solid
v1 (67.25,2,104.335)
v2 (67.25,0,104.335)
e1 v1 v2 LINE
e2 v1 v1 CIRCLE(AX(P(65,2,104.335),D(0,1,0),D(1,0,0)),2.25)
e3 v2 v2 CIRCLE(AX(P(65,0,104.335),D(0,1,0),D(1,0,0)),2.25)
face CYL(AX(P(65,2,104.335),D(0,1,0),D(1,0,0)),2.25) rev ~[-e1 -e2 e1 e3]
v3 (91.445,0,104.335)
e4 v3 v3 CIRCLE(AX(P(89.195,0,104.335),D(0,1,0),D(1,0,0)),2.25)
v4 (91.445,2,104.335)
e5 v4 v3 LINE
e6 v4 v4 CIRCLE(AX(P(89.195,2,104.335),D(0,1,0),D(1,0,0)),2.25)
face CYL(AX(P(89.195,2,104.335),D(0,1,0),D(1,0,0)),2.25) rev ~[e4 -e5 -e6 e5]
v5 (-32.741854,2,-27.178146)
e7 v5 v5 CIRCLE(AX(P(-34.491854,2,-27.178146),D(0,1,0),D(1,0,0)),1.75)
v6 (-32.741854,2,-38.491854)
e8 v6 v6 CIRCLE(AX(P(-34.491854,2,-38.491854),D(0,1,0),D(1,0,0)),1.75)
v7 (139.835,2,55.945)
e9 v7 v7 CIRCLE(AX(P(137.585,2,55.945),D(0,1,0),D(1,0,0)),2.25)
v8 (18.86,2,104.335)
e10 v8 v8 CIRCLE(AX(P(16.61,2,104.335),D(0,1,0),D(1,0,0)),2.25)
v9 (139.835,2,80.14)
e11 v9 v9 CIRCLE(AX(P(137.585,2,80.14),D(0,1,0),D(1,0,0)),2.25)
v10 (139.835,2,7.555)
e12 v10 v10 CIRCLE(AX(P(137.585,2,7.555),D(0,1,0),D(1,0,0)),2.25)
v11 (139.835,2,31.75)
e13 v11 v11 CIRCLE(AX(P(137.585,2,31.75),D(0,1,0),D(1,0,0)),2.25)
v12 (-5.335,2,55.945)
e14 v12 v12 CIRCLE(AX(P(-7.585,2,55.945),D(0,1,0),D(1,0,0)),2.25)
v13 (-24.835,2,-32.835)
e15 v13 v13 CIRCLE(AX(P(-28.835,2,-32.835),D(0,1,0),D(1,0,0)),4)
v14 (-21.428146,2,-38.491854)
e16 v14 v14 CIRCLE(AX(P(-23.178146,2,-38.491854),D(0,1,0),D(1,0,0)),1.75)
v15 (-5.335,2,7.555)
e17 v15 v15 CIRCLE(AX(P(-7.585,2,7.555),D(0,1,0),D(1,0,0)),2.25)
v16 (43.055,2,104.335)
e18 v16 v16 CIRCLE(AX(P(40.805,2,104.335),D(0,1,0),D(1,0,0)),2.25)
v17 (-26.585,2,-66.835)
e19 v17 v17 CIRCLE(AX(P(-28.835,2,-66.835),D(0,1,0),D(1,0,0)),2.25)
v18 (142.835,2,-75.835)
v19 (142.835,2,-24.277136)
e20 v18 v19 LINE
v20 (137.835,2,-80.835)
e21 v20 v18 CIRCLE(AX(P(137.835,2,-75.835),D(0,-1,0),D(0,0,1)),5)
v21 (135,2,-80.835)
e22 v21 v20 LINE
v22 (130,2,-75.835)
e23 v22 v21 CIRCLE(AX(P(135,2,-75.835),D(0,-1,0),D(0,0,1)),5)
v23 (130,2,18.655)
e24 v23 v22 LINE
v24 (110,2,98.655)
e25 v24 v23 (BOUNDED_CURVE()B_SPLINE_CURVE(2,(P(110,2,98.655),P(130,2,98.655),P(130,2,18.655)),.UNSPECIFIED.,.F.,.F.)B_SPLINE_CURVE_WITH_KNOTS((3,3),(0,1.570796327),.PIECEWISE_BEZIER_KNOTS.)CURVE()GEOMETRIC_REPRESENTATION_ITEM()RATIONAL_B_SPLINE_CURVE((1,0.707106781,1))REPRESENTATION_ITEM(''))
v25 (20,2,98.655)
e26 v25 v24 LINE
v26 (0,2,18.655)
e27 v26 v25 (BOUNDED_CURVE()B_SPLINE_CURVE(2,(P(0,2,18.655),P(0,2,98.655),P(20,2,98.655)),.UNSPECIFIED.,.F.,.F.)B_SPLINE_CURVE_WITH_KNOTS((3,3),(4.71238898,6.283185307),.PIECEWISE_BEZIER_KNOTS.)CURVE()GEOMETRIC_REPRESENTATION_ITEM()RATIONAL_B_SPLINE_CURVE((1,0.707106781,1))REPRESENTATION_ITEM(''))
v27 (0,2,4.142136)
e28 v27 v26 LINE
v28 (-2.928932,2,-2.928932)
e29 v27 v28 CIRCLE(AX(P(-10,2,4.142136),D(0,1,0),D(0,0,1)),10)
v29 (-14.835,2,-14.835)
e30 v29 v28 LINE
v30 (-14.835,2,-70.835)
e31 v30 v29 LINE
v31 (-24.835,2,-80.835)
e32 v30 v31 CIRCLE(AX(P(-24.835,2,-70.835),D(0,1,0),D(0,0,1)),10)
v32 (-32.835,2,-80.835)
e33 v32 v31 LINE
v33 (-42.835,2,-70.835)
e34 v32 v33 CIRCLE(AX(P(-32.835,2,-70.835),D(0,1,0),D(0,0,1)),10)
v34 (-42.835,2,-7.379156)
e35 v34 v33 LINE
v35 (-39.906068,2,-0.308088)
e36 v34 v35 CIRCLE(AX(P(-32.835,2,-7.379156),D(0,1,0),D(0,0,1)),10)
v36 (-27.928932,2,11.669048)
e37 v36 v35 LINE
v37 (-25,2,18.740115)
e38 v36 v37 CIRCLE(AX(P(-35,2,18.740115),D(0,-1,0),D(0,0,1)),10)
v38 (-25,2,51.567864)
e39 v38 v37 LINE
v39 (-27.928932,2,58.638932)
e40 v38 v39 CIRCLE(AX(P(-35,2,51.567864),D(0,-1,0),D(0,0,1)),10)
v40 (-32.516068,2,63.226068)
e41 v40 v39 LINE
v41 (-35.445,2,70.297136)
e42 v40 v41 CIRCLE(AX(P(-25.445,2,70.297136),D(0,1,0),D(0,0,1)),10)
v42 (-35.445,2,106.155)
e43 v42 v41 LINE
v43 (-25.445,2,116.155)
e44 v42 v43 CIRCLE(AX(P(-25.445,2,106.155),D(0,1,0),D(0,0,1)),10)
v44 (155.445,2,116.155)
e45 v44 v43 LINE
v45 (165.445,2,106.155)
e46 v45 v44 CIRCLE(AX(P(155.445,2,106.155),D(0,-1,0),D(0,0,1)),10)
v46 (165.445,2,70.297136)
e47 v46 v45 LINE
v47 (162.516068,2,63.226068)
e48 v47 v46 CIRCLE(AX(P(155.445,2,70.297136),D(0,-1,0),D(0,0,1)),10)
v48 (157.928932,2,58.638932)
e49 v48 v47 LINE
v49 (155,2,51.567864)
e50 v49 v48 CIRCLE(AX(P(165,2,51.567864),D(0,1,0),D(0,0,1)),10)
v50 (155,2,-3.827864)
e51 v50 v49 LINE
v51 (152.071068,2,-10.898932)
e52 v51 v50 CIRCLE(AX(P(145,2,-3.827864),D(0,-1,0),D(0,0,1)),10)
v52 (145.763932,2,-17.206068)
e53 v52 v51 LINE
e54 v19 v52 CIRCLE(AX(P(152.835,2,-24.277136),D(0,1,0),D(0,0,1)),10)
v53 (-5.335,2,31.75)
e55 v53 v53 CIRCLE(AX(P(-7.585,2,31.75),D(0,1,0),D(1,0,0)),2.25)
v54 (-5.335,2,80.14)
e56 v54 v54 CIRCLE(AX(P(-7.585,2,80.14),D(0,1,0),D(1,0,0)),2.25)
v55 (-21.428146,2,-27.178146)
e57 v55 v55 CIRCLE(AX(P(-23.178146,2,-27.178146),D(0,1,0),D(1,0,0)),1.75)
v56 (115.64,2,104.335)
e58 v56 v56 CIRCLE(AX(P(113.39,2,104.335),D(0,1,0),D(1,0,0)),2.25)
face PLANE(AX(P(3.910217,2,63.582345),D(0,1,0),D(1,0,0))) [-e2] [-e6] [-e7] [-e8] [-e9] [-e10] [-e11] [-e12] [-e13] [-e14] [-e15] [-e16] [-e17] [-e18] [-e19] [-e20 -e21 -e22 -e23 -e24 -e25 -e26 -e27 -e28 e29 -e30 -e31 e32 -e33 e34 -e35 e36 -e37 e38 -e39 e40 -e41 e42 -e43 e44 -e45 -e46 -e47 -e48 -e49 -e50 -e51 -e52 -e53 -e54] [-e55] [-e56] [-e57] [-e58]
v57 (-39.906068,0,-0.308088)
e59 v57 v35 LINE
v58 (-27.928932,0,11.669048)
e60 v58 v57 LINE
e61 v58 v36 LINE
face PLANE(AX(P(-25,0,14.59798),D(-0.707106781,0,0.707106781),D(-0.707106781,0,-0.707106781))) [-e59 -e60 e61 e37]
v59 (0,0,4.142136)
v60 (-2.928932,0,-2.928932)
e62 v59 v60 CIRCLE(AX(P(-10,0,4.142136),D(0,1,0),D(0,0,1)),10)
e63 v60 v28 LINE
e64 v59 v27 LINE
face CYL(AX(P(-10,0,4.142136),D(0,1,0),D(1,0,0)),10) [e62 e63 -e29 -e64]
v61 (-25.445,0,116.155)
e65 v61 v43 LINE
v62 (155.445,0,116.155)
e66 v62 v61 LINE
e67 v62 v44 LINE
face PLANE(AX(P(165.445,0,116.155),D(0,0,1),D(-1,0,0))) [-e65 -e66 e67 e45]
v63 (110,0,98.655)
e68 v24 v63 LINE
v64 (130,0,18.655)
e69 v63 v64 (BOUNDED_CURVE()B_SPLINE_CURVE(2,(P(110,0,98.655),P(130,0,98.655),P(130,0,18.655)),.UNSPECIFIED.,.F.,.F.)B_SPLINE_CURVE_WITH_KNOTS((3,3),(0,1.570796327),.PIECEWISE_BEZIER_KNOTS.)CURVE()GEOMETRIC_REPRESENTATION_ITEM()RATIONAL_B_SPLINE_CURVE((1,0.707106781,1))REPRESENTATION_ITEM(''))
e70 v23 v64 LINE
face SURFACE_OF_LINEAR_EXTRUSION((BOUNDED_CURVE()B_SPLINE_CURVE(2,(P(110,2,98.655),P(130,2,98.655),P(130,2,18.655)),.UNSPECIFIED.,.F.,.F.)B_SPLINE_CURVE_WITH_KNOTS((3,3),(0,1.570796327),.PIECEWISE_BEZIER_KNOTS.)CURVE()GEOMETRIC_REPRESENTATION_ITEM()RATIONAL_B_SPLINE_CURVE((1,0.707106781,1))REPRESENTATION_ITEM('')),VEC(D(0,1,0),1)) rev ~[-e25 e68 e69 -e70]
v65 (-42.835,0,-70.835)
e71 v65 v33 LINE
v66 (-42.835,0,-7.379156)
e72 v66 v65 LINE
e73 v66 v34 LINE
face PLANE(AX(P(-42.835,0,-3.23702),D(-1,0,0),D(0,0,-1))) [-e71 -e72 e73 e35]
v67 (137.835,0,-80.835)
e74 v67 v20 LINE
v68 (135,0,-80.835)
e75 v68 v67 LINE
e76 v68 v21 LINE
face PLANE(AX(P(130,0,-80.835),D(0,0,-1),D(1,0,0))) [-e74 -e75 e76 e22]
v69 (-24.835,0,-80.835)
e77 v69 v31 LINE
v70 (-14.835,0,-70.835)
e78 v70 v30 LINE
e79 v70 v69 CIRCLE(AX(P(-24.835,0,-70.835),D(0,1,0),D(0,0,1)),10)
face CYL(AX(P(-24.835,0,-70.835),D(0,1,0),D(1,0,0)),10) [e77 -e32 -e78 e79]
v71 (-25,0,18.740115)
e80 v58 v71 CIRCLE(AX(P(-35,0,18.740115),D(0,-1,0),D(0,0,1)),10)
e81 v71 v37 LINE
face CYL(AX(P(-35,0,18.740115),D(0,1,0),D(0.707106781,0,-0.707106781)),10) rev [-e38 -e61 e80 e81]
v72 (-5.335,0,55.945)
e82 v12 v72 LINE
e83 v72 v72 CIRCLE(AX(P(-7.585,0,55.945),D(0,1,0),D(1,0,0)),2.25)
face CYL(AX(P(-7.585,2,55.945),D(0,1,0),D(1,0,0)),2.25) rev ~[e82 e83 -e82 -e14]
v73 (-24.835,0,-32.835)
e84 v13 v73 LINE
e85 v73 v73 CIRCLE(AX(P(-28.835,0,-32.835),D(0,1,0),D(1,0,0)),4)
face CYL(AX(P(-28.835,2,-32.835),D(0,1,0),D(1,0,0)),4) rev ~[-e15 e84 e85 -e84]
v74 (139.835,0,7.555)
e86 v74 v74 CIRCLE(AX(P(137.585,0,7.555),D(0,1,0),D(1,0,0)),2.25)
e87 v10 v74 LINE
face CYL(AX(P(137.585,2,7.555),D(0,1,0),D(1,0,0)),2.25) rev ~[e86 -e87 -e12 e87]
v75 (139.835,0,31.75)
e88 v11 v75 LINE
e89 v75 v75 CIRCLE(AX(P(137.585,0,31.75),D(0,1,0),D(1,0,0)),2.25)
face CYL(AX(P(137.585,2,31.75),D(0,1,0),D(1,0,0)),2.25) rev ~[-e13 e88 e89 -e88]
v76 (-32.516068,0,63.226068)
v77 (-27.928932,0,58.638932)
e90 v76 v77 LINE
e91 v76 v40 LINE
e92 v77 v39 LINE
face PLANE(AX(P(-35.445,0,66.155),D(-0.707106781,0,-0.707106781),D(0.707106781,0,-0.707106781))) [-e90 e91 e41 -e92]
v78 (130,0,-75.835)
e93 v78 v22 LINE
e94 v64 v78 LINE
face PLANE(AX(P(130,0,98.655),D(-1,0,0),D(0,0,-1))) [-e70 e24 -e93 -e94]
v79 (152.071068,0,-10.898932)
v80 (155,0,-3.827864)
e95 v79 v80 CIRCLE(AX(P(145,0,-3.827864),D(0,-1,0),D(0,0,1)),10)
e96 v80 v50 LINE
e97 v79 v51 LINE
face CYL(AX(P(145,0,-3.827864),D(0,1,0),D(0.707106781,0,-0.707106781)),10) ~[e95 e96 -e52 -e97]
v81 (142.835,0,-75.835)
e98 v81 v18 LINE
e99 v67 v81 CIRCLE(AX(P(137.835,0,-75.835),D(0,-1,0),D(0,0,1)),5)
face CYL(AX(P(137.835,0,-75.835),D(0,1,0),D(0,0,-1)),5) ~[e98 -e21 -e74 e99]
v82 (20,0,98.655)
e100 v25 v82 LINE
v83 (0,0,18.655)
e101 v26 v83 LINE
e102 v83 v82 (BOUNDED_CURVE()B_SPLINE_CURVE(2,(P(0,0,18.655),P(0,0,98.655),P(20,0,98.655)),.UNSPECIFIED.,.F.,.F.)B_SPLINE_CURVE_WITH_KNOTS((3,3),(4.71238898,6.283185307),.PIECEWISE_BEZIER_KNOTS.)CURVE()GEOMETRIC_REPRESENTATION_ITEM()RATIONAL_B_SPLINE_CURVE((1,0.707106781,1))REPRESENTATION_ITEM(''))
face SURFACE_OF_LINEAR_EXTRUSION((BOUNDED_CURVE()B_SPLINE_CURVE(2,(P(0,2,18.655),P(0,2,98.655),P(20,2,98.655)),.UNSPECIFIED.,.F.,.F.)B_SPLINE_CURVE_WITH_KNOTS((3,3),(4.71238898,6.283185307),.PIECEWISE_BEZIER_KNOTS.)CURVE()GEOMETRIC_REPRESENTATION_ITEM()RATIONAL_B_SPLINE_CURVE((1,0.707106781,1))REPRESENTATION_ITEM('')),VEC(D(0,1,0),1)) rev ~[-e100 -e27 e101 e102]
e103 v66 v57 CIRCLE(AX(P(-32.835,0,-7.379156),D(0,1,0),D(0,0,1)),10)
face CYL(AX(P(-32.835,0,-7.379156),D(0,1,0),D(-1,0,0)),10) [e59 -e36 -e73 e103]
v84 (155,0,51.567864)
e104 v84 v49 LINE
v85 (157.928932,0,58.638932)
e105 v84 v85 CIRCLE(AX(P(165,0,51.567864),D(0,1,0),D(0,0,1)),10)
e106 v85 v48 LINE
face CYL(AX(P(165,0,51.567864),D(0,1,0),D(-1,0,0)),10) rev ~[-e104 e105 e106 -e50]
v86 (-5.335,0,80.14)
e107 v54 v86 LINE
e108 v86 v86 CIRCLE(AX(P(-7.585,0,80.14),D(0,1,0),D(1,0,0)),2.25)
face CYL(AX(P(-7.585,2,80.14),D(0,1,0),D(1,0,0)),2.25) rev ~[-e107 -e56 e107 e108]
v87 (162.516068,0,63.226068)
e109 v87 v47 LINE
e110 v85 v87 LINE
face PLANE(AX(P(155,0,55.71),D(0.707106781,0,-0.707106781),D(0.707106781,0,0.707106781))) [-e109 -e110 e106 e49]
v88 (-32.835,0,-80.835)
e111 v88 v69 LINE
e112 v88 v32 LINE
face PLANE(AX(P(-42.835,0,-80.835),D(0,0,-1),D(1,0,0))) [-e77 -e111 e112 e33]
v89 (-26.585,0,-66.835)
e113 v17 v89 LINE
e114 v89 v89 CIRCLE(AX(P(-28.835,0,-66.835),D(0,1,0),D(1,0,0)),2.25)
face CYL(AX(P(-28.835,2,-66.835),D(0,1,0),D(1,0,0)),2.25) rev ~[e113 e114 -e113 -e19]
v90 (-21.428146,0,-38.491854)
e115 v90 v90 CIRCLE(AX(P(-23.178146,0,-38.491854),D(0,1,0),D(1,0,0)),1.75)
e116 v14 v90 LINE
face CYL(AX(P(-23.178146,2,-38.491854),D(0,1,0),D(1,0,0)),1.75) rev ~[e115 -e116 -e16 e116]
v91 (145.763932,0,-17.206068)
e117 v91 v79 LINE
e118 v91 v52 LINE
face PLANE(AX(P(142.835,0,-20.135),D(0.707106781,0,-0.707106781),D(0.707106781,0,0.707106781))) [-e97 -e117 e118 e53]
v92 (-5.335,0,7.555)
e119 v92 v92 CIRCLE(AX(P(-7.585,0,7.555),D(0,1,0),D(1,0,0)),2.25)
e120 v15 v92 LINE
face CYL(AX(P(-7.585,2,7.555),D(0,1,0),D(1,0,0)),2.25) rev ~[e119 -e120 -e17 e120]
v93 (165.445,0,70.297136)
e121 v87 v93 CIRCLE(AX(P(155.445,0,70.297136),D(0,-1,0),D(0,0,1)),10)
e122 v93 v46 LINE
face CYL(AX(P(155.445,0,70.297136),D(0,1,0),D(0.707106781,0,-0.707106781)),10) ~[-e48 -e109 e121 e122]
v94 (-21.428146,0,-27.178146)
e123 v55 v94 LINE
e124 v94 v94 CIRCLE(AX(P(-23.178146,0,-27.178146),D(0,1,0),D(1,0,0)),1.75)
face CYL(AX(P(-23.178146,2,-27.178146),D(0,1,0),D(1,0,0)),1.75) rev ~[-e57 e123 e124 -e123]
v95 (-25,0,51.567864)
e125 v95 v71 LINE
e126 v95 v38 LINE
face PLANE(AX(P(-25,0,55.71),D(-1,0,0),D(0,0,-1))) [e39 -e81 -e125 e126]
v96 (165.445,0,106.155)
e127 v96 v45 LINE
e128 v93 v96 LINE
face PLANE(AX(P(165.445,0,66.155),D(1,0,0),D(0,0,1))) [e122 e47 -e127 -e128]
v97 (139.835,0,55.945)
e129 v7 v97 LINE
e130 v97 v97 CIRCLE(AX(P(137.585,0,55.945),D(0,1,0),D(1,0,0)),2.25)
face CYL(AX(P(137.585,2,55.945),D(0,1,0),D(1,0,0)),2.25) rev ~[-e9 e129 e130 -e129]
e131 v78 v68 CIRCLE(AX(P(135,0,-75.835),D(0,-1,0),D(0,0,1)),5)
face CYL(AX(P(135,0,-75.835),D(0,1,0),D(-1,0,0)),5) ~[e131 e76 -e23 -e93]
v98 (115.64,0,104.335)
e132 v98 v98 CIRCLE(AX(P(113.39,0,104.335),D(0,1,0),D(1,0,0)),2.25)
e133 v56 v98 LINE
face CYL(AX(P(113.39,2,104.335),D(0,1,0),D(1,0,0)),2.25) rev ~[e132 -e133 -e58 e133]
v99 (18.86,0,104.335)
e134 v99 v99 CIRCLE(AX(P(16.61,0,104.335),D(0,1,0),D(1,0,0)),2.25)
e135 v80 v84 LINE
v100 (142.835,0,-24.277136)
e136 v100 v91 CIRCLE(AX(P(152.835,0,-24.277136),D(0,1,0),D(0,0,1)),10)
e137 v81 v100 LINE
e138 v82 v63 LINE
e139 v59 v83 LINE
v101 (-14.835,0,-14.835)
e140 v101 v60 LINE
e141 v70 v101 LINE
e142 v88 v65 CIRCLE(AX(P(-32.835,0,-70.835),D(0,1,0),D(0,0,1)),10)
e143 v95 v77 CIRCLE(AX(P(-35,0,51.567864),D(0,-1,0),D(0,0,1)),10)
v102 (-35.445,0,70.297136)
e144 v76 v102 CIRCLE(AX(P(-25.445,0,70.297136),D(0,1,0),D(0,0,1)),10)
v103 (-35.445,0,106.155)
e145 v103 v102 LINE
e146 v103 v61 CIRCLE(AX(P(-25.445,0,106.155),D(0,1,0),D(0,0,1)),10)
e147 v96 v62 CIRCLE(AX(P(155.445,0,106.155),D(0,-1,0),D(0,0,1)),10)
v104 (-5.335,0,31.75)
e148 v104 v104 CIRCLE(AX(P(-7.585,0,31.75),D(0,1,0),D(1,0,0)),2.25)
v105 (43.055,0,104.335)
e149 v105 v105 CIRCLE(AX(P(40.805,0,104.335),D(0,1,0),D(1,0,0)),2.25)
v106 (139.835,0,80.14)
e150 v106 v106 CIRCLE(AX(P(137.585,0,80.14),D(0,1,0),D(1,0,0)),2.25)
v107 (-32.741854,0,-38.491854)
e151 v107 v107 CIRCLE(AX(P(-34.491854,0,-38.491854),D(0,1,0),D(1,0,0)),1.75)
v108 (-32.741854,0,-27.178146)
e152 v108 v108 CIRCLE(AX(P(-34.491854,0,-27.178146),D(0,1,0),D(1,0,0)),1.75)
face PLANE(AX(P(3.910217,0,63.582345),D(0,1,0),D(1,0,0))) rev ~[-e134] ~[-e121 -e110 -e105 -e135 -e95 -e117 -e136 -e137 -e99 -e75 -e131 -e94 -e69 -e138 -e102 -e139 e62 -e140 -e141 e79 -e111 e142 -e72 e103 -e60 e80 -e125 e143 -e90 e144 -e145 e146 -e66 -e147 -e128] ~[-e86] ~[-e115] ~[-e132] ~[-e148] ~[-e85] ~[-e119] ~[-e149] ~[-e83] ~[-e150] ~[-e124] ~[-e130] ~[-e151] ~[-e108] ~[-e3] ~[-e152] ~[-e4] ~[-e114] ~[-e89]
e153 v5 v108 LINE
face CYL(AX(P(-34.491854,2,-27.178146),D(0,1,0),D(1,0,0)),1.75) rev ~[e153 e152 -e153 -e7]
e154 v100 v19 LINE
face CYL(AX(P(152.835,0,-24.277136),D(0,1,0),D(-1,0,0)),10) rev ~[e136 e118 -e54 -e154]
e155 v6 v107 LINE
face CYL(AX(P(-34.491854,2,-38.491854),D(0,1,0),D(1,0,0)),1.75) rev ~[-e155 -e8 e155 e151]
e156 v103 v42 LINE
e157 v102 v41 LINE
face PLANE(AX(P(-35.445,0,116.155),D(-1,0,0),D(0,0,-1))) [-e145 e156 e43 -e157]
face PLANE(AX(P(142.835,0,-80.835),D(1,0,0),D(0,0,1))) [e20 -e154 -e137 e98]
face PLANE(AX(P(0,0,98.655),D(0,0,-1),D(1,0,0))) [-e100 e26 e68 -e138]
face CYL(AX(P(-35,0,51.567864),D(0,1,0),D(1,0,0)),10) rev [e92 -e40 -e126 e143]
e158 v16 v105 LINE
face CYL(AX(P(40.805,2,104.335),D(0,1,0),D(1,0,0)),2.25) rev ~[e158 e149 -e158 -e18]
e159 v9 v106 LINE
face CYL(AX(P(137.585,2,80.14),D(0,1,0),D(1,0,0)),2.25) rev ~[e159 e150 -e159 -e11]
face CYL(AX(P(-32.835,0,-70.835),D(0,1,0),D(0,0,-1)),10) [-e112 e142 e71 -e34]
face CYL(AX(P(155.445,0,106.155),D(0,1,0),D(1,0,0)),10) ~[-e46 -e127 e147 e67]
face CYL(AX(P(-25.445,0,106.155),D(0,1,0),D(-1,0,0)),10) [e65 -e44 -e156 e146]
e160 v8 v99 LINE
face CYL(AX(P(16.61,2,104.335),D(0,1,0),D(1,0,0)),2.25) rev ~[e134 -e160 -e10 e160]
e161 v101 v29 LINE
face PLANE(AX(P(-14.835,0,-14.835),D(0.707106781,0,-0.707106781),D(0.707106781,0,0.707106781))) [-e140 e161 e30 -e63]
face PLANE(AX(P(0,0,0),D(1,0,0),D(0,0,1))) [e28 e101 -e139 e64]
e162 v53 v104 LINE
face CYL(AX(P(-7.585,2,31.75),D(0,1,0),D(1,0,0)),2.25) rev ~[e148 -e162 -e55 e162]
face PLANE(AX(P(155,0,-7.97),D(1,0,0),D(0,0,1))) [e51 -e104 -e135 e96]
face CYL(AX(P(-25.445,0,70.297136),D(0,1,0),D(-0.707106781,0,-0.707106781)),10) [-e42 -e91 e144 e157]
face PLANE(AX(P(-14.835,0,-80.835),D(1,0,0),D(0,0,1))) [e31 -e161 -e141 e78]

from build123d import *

# Parameters (mm, degrees)
BOSS_EXTRUDE1_DEPTH = 2
SKETCH2_R           = 1.75
SKETCH2_R_2         = 4
SKETCH2_R_3         = 2.25
CUT_EXTRUDE2_DEPTH  = 3
FILLET1_R           = 10
BOSS_EXTRUDE3_DEPTH = 2
FILLET3_R           = 5
SKETCH4_R           = 2.25
CUT_EXTRUDE3_DEPTH  = 3.0000001


with BuildPart() as part:
    # Sketch1 → Boss-Extrude1 (new body)
    with BuildSketch(Plane(origin=(0, 0, 0), x_dir=(1, 0, 0), z_dir=(0, 1, 0))):
        Polygon((0, 0), (0, -98.655), (130, -98.655), (130, 80.835), (142.835, 80.835), (142.835, 20.135), (155, 7.97), (155, -55.71), (165.445, -66.155), (165.445, -116.155), (-35.445, -116.155), (-35.445, -66.155), (-25, -55.71), (-25, -14.597979746), (-42.835, 3.237020254), (-42.835, 80.835), (-14.835, 80.835), (-14.835, 14.835), align=None)
    extrude(amount=BOSS_EXTRUDE1_DEPTH)

    # Sketch2 → Cut-Extrude2 (cut, through all)
    with BuildSketch(Plane(origin=(0, 2, 0), x_dir=(1, 0, 0), z_dir=(0, 1, 0))):
        with Locations((-23.178145751, 38.49185425)):
            Circle(SKETCH2_R)
        with Locations((-23.178145751, 27.178145751)):
            Circle(SKETCH2_R)
        with Locations((-34.491854249, 27.178145751)):
            Circle(SKETCH2_R)
        with Locations((-34.491854249, 38.49185425)):
            Circle(SKETCH2_R)
        with Locations((-28.835, 32.835)):
            Circle(SKETCH2_R_2)
        with Locations((137.585, -80.14)):
            Circle(SKETCH2_R_3)
        with Locations((-7.585, -80.14)):
            Circle(SKETCH2_R_3)
        with Locations((137.585, -55.945)):
            Circle(SKETCH2_R_3)
        with Locations((-7.585, -55.945)):
            Circle(SKETCH2_R_3)
        with Locations((137.585, -31.75)):
            Circle(SKETCH2_R_3)
        with Locations((-7.585, -31.75)):
            Circle(SKETCH2_R_3)
        with Locations((137.585, -7.555)):
            Circle(SKETCH2_R_3)
        with Locations((-7.585, -7.555)):
            Circle(SKETCH2_R_3)
        with Locations((16.61, -104.335)):
            Circle(SKETCH2_R_3)
        with Locations((40.805, -104.335)):
            Circle(SKETCH2_R_3)
        with Locations((65, -104.335)):
            Circle(SKETCH2_R_3)
        with Locations((89.195, -104.335)):
            Circle(SKETCH2_R_3)
        with Locations((113.39, -104.335)):
            Circle(SKETCH2_R_3)
    extrude(amount=-CUT_EXTRUDE2_DEPTH, mode=Mode.SUBTRACT)

    # Fillet1
    fillet1_edges = [part.edges().sort_by_distance(p)[0] for p in [
        (0, 1, 0),
        (142.835, 1, -20.135),
        (155, 1, -7.97),
        (155, 1, 55.71),
        (165.445, 1, 66.155),
        (165.445, 1, 116.155),
        (-35.445, 1, 116.155),
        (-35.445, 1, 66.155),
        (-25, 1, 55.71),
        (-25, 1, 14.597979746),
        (-42.835, 1, -3.237020254),
        (-42.835, 1, -80.835),
        (-14.835, 1, -80.835),
    ]]
    fillet(fillet1_edges, radius=FILLET1_R)

    # Sketch3 → Boss-Extrude3 (add, through all)
    with BuildSketch(Plane(origin=(0, 2, 0), x_dir=(1, 0, 0), z_dir=(0, 1, 0))):
        with BuildLine():
            Line((0, -18.655), (0, -98.655))
            Line((0, -98.655), (20, -98.655))
            add(Edge.make_bspline(
                [(0, -18.655), (0, -98.655), (20, -98.655)],
                knots=[4.71238898, 4.71238898, 4.71238898, 6.283185307, 6.283185307, 6.283185307], degree=2, weights=[1, 0.707106781, 1]))
        make_face()
        with BuildLine():
            Line((130, -98.655), (110, -98.655))
            add(Edge.make_bspline(
                [(110, -98.655), (130, -98.655), (130, -18.655)],
                knots=[0, 0, 0, 1.570796327, 1.570796327, 1.570796327], degree=2, weights=[1, 0.707106781, 1]))
            Line((130, -18.655), (130, -98.655))
        make_face()
    extrude(amount=-BOSS_EXTRUDE3_DEPTH)

    # Fillet3
    fillet3_edges = [part.edges().sort_by_distance(p)[0] for p in [
        (130, 1, -80.835),
        (142.835, 1, -80.835),
    ]]
    fillet(fillet3_edges, radius=FILLET3_R)

    # Sketch4 → Cut-Extrude3 (cut, through all)
    with BuildSketch(Plane(origin=(0, 2, 0), x_dir=(1, 0, 0), z_dir=(0, 1, 0))):
        with Locations((-28.835, 66.835)):
            Circle(SKETCH4_R)
    extrude(amount=-CUT_EXTRUDE3_DEPTH, mode=Mode.SUBTRACT)


solid = part.part
